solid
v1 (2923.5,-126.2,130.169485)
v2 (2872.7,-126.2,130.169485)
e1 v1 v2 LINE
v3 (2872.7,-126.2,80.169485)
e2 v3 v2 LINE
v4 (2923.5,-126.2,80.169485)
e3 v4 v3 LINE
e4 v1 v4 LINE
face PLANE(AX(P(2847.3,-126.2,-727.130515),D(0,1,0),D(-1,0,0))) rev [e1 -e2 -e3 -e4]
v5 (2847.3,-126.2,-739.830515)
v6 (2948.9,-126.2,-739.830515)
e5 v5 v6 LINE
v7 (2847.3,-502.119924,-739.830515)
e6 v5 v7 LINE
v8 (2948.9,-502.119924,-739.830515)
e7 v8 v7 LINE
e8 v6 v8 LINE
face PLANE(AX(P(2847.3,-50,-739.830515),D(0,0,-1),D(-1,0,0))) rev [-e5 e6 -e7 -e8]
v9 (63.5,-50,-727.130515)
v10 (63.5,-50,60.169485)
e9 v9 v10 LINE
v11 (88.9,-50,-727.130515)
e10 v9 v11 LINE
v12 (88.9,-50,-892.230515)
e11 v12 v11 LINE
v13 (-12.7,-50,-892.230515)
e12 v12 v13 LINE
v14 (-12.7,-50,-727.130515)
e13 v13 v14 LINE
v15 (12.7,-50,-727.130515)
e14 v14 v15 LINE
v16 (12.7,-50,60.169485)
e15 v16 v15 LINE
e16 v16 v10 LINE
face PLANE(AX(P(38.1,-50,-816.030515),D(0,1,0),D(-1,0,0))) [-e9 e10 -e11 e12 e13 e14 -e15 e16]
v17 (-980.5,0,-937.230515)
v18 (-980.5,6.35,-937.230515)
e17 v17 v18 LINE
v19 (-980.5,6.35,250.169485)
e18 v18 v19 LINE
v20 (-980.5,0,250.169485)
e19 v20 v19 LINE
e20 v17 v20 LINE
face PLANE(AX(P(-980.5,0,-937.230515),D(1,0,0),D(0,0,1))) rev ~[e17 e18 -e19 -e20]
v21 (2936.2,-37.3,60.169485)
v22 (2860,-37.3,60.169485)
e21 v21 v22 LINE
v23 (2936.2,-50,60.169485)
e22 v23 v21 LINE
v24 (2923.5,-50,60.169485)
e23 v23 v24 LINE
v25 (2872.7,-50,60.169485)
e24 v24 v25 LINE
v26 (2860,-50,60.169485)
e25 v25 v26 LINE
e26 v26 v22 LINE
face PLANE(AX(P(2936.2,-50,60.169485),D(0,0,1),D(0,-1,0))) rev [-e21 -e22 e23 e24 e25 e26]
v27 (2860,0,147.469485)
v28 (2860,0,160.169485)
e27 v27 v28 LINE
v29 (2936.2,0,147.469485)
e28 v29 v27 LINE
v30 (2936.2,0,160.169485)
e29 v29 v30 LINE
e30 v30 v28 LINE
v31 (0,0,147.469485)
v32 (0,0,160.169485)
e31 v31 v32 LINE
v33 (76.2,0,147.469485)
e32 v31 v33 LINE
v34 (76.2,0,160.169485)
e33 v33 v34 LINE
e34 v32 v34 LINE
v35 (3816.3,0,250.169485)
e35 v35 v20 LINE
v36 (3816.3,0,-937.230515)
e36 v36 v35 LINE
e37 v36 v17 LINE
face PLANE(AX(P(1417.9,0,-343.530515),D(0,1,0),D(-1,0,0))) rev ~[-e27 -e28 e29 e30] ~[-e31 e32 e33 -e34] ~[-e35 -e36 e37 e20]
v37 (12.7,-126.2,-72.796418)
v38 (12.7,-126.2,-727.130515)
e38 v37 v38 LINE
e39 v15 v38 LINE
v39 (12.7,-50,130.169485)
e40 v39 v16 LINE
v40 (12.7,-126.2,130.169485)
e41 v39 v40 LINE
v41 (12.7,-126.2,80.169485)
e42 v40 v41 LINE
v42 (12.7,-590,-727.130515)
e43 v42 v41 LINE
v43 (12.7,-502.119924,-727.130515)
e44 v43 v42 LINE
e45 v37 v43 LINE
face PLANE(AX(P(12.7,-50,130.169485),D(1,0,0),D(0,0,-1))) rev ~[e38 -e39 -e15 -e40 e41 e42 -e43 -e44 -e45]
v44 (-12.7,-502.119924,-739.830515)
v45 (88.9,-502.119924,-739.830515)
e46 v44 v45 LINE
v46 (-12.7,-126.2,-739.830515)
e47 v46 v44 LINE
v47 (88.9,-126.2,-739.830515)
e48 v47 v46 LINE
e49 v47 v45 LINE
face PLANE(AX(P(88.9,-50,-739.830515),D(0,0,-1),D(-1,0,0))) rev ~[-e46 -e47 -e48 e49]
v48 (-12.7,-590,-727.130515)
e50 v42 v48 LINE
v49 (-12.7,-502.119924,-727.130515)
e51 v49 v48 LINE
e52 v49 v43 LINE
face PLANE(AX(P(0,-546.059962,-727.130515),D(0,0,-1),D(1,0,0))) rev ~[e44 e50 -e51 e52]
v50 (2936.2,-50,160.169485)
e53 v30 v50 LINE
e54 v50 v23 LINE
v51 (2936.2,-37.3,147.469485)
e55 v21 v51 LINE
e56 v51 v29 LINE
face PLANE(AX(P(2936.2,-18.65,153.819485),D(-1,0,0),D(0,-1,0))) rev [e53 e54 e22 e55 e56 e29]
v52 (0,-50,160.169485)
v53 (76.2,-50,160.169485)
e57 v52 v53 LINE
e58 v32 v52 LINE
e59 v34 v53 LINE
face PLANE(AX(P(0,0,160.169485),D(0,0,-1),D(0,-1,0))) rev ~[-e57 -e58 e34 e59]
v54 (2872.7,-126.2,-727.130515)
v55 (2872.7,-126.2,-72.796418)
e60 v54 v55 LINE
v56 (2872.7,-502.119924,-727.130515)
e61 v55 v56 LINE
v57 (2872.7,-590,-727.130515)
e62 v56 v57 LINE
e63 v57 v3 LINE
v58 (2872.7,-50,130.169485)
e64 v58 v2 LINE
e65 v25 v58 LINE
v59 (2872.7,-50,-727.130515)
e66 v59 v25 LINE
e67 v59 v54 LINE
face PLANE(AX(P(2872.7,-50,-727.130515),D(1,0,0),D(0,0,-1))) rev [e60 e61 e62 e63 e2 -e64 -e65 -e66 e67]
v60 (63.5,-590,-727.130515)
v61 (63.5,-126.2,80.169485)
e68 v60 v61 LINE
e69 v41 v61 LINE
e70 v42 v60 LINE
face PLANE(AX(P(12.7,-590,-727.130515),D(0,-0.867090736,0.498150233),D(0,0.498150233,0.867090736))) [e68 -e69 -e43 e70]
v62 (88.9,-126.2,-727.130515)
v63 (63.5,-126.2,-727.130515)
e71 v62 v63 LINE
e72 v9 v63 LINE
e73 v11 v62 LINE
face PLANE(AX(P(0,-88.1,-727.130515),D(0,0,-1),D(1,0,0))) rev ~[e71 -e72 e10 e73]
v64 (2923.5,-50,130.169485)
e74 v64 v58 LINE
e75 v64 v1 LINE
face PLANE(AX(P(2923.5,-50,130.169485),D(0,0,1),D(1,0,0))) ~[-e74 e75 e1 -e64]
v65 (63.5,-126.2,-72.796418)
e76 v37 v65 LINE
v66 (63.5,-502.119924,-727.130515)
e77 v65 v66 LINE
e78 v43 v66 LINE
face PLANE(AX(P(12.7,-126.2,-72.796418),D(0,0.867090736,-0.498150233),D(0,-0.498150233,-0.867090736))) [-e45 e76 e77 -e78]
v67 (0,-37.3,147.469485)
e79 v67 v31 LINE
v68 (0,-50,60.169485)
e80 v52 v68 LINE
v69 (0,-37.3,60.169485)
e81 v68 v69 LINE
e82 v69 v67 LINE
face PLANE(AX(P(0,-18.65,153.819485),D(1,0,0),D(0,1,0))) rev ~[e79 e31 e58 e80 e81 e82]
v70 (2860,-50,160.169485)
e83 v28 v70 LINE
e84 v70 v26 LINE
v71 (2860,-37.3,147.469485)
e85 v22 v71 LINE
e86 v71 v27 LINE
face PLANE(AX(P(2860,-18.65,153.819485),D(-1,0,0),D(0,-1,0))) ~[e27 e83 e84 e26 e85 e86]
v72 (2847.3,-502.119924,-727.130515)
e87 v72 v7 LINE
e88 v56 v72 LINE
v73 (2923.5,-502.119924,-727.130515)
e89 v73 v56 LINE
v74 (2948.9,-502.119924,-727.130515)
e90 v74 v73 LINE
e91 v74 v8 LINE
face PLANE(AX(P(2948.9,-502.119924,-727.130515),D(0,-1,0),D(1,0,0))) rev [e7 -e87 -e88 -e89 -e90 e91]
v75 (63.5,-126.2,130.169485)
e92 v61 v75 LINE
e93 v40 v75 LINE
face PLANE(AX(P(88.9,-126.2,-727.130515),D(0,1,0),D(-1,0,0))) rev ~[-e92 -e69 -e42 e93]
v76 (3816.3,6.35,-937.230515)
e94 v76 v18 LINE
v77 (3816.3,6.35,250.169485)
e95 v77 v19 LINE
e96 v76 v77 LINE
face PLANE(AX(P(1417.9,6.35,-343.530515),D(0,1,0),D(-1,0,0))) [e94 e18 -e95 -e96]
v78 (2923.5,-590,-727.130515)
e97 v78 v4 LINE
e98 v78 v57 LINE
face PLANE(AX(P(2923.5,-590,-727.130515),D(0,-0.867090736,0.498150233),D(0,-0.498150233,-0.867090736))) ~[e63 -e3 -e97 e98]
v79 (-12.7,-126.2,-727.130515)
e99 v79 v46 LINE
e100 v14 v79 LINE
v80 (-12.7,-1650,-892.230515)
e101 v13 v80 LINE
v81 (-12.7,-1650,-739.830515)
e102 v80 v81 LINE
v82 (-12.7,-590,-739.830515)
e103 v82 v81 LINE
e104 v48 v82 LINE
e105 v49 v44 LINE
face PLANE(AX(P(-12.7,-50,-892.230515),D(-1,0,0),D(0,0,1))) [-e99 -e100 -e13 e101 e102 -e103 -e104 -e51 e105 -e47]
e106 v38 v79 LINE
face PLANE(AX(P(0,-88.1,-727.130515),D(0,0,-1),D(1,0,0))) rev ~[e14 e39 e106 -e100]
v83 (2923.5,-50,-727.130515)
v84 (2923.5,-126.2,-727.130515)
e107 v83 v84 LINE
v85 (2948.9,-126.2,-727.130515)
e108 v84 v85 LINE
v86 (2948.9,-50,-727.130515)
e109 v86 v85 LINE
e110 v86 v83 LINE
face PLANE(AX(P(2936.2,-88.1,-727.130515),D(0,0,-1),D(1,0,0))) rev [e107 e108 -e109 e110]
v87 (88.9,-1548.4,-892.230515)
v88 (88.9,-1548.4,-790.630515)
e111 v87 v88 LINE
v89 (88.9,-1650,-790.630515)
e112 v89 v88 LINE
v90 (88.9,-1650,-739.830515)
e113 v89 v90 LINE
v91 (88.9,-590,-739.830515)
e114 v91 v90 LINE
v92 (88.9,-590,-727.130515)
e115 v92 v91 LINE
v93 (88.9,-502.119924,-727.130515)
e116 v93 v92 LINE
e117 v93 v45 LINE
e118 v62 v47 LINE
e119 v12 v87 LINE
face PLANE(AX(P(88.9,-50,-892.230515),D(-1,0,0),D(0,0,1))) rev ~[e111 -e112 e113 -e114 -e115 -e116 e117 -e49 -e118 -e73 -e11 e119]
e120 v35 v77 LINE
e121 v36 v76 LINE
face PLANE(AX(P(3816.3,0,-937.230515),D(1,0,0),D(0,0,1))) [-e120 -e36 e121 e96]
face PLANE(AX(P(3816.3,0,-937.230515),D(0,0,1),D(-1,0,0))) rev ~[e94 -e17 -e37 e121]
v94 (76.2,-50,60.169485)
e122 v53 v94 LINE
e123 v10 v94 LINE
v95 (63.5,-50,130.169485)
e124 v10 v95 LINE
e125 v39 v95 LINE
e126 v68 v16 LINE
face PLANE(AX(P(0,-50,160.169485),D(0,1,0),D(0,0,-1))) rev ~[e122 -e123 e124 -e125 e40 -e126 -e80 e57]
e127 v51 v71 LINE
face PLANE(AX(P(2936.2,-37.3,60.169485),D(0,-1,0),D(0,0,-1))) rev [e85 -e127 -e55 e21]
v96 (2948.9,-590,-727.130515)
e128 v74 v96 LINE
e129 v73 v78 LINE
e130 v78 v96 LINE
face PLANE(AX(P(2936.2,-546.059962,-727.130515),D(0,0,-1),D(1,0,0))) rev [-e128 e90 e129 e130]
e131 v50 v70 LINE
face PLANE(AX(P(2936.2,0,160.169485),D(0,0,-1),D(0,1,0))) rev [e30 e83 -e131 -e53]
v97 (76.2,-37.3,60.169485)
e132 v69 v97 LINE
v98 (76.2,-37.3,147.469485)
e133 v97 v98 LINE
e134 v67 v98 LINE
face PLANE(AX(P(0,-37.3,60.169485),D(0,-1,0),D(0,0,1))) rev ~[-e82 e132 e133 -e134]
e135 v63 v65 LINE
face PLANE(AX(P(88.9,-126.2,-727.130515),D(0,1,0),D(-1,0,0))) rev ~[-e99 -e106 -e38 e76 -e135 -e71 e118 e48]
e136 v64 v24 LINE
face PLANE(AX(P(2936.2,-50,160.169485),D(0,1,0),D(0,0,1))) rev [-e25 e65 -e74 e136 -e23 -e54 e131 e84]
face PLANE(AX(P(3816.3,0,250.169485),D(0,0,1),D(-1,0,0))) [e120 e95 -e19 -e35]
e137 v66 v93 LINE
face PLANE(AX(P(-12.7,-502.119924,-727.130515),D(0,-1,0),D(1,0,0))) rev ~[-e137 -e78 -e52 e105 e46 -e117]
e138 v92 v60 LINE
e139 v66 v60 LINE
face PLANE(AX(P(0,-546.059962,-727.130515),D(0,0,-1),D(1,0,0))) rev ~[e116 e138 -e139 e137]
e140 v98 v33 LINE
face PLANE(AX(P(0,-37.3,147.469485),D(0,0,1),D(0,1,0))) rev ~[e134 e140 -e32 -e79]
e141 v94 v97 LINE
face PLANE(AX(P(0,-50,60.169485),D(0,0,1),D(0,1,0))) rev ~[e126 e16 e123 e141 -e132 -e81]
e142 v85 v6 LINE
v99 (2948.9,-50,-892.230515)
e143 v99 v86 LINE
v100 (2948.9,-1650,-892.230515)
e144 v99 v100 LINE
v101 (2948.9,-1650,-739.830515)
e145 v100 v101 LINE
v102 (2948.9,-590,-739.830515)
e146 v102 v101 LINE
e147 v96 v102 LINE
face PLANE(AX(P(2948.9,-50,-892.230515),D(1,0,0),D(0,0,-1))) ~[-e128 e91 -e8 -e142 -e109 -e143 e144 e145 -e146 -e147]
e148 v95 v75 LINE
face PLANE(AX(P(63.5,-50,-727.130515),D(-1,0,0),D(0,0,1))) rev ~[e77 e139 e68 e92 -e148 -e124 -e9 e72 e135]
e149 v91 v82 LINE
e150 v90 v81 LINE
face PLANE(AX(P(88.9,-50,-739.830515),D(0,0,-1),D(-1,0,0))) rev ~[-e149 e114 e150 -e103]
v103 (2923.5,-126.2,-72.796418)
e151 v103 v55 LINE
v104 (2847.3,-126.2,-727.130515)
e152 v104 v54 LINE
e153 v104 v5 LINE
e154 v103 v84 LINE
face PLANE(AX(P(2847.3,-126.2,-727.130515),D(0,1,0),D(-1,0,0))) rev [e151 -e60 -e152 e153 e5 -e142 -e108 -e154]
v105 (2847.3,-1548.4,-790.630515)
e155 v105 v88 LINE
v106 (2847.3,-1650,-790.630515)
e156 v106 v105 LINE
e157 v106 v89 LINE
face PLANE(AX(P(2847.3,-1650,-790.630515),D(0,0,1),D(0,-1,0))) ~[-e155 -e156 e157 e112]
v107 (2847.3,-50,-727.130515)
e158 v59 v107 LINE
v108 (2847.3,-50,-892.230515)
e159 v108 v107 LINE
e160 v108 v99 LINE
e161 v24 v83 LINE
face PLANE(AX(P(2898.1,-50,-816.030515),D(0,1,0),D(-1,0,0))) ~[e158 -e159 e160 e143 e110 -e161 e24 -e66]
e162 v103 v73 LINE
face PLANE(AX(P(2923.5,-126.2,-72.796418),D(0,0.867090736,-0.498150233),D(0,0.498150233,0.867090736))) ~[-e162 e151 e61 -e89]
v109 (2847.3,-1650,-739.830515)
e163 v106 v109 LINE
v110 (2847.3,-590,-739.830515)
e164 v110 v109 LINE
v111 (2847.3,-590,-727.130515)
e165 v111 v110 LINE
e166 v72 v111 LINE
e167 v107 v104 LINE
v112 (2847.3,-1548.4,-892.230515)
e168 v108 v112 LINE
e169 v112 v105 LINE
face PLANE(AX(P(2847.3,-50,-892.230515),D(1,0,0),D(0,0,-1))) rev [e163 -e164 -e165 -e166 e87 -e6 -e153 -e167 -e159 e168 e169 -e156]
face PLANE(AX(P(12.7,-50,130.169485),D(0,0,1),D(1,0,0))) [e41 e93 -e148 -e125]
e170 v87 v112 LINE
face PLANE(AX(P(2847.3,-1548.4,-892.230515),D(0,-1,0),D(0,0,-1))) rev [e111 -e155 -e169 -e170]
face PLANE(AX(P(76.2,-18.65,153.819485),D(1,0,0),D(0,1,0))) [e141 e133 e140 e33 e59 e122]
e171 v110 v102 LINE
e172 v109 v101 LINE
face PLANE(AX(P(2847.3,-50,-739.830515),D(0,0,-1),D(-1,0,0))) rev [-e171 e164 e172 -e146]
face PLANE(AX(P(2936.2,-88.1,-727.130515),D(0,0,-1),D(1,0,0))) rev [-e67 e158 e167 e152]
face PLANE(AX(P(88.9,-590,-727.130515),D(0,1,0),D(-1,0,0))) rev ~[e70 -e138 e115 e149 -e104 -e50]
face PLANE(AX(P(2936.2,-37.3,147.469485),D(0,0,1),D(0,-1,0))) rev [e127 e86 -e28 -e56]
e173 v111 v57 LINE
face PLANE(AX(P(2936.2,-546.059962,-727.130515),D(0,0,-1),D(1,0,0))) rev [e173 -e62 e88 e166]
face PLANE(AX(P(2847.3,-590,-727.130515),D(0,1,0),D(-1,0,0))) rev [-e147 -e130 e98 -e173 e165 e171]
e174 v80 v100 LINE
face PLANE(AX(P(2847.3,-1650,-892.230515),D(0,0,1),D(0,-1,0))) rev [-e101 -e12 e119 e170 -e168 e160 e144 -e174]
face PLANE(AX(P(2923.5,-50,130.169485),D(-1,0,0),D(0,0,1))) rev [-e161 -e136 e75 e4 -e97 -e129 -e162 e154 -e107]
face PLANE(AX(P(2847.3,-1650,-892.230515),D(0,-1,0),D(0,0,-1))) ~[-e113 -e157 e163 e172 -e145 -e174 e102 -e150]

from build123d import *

# Parameters (mm, degrees)
F0_W      = 37.3
F0_H      = 12.7
F1_DEPTH  = 76.2
F2_W      = 50.8
F2_H      = 787.3
F2_H_2    = 70
F3_DEPTH  = 76.2
F4_W      = 25.4
F4_H      = 76.2
F4_W_2    = 50.8
F5_DEPTH  = 12.7
F7_DEPTH  = 50.8
F8_W      = 25.4
F8_H      = 87.8800762295
F8_W_2    = 50.8
F9_DEPTH  = 12.7
F10_W     = 101.6
F10_H     = 152.4
F11_DEPTH = 1600
F12_W     = 101.6
F12_H     = 101.6
F13_DEPTH = 1379.2
F15_W     = 4796.8
F15_H     = 1187.4
F15_W_2   = 76.2
F15_H_2   = 12.7
F16_DEPTH = 6.35


with BuildPart() as f1:
    # F0 (on Right) → F1 (new body)
    with BuildSketch(Plane.YZ):
        with Locations((-18.65, 153.8194847476)):
            Rectangle(F0_W, F0_H)
        Polygon((-37.3, 147.4694847476), (-37.3, 160.1694847476), (-50, 160.1694847476), (-50, 60.1694847476), (-37.3, 60.1694847476), align=None)
    extrude(amount=F1_DEPTH)

    # F2 (on face) → F3 (join)
    with BuildSketch(Plane.XZ.offset(50)):
        with Locations((38.1, -333.4805152524)):
            Rectangle(F2_W, F2_H)
        with Locations((38.1, 95.1694847476)):
            Rectangle(F2_W, F2_H_2)
    extrude(amount=F3_DEPTH)

    # F4 (on face) → F5 (join)
    with BuildSketch(Plane(origin=(0, 0, -727.1305152524), x_dir=(1, 0, 0), z_dir=(0, 0, -1))):
        with Locations((0, 88.1)):
            Rectangle(F4_W, F4_H)
        with Locations((38.1, 88.1)):
            Rectangle(F4_W_2, F4_H)
        with Locations((76.2, 88.1)):
            Rectangle(F4_W, F4_H)
    extrude(amount=F5_DEPTH)

    # F6 (on face) → F7 (join, through all)
    with BuildSketch(Plane(origin=(12.7, 0, 0), x_dir=(0, -1, 0), z_dir=(-1, 0, 0))):
        Polygon((590, -727.1305152524), (126.2, 80.1694847476), (126.2, -72.7964176673), (502.1199237705, -727.1305152524), align=None)
    extrude(amount=-F7_DEPTH)

    # F8 (on face) → F9 (join)
    with BuildSketch(Plane(origin=(0, 0, -727.1305152524), x_dir=(1, 0, 0), z_dir=(0, 0, -1))):
        with Locations((0, 546.0599618853)):
            Rectangle(F8_W, F8_H)
        with Locations((38.1, 546.0599618853)):
            Rectangle(F8_W_2, F8_H)
        with Locations((76.2, 546.0599618853)):
            Rectangle(F8_W, F8_H)
    extrude(amount=F9_DEPTH)

    # F10 (on face) → F11 (join)
    with BuildSketch(Plane(origin=(0, -50, 0), x_dir=(-1, 0, 0), z_dir=(0, 1, 0))):
        with Locations((-38.1, -816.0305152524)):
            Rectangle(F10_W, F10_H)
    extrude(amount=-F11_DEPTH)

    # F12 (on face) → F13 (join)
    with BuildSketch(Plane.YZ.offset(88.9)):
        with Locations((-1599.2, -841.4305152524)):
            Rectangle(F12_W, F12_H)
    extrude(amount=F13_DEPTH)

    # F14: F1 across face


with BuildPart() as f1_1:
    add(f1.part)
    add(f1.part.mirror(Plane(origin=(1468.1, -1599.2, -841.4305152524), x_dir=(0, 1, 0), z_dir=(1, 0, 0))))

    # F15 (on face) → F16 (join)
    with BuildSketch(Plane(origin=(0, 0, 0), x_dir=(-1, 0, 0), z_dir=(0, 1, 0))):
        with Locations((-1417.9, -343.5305152524)):
            Rectangle(F15_W, F15_H)
        with Locations((-38.1, 153.8194847476)):
            Rectangle(F15_W_2, F15_H_2, mode=Mode.SUBTRACT)
        with Locations((-38.1, 153.8194847476)):
            Rectangle(F15_W_2, F15_H_2)
    extrude(amount=F16_DEPTH)


solid = f1_1.part
